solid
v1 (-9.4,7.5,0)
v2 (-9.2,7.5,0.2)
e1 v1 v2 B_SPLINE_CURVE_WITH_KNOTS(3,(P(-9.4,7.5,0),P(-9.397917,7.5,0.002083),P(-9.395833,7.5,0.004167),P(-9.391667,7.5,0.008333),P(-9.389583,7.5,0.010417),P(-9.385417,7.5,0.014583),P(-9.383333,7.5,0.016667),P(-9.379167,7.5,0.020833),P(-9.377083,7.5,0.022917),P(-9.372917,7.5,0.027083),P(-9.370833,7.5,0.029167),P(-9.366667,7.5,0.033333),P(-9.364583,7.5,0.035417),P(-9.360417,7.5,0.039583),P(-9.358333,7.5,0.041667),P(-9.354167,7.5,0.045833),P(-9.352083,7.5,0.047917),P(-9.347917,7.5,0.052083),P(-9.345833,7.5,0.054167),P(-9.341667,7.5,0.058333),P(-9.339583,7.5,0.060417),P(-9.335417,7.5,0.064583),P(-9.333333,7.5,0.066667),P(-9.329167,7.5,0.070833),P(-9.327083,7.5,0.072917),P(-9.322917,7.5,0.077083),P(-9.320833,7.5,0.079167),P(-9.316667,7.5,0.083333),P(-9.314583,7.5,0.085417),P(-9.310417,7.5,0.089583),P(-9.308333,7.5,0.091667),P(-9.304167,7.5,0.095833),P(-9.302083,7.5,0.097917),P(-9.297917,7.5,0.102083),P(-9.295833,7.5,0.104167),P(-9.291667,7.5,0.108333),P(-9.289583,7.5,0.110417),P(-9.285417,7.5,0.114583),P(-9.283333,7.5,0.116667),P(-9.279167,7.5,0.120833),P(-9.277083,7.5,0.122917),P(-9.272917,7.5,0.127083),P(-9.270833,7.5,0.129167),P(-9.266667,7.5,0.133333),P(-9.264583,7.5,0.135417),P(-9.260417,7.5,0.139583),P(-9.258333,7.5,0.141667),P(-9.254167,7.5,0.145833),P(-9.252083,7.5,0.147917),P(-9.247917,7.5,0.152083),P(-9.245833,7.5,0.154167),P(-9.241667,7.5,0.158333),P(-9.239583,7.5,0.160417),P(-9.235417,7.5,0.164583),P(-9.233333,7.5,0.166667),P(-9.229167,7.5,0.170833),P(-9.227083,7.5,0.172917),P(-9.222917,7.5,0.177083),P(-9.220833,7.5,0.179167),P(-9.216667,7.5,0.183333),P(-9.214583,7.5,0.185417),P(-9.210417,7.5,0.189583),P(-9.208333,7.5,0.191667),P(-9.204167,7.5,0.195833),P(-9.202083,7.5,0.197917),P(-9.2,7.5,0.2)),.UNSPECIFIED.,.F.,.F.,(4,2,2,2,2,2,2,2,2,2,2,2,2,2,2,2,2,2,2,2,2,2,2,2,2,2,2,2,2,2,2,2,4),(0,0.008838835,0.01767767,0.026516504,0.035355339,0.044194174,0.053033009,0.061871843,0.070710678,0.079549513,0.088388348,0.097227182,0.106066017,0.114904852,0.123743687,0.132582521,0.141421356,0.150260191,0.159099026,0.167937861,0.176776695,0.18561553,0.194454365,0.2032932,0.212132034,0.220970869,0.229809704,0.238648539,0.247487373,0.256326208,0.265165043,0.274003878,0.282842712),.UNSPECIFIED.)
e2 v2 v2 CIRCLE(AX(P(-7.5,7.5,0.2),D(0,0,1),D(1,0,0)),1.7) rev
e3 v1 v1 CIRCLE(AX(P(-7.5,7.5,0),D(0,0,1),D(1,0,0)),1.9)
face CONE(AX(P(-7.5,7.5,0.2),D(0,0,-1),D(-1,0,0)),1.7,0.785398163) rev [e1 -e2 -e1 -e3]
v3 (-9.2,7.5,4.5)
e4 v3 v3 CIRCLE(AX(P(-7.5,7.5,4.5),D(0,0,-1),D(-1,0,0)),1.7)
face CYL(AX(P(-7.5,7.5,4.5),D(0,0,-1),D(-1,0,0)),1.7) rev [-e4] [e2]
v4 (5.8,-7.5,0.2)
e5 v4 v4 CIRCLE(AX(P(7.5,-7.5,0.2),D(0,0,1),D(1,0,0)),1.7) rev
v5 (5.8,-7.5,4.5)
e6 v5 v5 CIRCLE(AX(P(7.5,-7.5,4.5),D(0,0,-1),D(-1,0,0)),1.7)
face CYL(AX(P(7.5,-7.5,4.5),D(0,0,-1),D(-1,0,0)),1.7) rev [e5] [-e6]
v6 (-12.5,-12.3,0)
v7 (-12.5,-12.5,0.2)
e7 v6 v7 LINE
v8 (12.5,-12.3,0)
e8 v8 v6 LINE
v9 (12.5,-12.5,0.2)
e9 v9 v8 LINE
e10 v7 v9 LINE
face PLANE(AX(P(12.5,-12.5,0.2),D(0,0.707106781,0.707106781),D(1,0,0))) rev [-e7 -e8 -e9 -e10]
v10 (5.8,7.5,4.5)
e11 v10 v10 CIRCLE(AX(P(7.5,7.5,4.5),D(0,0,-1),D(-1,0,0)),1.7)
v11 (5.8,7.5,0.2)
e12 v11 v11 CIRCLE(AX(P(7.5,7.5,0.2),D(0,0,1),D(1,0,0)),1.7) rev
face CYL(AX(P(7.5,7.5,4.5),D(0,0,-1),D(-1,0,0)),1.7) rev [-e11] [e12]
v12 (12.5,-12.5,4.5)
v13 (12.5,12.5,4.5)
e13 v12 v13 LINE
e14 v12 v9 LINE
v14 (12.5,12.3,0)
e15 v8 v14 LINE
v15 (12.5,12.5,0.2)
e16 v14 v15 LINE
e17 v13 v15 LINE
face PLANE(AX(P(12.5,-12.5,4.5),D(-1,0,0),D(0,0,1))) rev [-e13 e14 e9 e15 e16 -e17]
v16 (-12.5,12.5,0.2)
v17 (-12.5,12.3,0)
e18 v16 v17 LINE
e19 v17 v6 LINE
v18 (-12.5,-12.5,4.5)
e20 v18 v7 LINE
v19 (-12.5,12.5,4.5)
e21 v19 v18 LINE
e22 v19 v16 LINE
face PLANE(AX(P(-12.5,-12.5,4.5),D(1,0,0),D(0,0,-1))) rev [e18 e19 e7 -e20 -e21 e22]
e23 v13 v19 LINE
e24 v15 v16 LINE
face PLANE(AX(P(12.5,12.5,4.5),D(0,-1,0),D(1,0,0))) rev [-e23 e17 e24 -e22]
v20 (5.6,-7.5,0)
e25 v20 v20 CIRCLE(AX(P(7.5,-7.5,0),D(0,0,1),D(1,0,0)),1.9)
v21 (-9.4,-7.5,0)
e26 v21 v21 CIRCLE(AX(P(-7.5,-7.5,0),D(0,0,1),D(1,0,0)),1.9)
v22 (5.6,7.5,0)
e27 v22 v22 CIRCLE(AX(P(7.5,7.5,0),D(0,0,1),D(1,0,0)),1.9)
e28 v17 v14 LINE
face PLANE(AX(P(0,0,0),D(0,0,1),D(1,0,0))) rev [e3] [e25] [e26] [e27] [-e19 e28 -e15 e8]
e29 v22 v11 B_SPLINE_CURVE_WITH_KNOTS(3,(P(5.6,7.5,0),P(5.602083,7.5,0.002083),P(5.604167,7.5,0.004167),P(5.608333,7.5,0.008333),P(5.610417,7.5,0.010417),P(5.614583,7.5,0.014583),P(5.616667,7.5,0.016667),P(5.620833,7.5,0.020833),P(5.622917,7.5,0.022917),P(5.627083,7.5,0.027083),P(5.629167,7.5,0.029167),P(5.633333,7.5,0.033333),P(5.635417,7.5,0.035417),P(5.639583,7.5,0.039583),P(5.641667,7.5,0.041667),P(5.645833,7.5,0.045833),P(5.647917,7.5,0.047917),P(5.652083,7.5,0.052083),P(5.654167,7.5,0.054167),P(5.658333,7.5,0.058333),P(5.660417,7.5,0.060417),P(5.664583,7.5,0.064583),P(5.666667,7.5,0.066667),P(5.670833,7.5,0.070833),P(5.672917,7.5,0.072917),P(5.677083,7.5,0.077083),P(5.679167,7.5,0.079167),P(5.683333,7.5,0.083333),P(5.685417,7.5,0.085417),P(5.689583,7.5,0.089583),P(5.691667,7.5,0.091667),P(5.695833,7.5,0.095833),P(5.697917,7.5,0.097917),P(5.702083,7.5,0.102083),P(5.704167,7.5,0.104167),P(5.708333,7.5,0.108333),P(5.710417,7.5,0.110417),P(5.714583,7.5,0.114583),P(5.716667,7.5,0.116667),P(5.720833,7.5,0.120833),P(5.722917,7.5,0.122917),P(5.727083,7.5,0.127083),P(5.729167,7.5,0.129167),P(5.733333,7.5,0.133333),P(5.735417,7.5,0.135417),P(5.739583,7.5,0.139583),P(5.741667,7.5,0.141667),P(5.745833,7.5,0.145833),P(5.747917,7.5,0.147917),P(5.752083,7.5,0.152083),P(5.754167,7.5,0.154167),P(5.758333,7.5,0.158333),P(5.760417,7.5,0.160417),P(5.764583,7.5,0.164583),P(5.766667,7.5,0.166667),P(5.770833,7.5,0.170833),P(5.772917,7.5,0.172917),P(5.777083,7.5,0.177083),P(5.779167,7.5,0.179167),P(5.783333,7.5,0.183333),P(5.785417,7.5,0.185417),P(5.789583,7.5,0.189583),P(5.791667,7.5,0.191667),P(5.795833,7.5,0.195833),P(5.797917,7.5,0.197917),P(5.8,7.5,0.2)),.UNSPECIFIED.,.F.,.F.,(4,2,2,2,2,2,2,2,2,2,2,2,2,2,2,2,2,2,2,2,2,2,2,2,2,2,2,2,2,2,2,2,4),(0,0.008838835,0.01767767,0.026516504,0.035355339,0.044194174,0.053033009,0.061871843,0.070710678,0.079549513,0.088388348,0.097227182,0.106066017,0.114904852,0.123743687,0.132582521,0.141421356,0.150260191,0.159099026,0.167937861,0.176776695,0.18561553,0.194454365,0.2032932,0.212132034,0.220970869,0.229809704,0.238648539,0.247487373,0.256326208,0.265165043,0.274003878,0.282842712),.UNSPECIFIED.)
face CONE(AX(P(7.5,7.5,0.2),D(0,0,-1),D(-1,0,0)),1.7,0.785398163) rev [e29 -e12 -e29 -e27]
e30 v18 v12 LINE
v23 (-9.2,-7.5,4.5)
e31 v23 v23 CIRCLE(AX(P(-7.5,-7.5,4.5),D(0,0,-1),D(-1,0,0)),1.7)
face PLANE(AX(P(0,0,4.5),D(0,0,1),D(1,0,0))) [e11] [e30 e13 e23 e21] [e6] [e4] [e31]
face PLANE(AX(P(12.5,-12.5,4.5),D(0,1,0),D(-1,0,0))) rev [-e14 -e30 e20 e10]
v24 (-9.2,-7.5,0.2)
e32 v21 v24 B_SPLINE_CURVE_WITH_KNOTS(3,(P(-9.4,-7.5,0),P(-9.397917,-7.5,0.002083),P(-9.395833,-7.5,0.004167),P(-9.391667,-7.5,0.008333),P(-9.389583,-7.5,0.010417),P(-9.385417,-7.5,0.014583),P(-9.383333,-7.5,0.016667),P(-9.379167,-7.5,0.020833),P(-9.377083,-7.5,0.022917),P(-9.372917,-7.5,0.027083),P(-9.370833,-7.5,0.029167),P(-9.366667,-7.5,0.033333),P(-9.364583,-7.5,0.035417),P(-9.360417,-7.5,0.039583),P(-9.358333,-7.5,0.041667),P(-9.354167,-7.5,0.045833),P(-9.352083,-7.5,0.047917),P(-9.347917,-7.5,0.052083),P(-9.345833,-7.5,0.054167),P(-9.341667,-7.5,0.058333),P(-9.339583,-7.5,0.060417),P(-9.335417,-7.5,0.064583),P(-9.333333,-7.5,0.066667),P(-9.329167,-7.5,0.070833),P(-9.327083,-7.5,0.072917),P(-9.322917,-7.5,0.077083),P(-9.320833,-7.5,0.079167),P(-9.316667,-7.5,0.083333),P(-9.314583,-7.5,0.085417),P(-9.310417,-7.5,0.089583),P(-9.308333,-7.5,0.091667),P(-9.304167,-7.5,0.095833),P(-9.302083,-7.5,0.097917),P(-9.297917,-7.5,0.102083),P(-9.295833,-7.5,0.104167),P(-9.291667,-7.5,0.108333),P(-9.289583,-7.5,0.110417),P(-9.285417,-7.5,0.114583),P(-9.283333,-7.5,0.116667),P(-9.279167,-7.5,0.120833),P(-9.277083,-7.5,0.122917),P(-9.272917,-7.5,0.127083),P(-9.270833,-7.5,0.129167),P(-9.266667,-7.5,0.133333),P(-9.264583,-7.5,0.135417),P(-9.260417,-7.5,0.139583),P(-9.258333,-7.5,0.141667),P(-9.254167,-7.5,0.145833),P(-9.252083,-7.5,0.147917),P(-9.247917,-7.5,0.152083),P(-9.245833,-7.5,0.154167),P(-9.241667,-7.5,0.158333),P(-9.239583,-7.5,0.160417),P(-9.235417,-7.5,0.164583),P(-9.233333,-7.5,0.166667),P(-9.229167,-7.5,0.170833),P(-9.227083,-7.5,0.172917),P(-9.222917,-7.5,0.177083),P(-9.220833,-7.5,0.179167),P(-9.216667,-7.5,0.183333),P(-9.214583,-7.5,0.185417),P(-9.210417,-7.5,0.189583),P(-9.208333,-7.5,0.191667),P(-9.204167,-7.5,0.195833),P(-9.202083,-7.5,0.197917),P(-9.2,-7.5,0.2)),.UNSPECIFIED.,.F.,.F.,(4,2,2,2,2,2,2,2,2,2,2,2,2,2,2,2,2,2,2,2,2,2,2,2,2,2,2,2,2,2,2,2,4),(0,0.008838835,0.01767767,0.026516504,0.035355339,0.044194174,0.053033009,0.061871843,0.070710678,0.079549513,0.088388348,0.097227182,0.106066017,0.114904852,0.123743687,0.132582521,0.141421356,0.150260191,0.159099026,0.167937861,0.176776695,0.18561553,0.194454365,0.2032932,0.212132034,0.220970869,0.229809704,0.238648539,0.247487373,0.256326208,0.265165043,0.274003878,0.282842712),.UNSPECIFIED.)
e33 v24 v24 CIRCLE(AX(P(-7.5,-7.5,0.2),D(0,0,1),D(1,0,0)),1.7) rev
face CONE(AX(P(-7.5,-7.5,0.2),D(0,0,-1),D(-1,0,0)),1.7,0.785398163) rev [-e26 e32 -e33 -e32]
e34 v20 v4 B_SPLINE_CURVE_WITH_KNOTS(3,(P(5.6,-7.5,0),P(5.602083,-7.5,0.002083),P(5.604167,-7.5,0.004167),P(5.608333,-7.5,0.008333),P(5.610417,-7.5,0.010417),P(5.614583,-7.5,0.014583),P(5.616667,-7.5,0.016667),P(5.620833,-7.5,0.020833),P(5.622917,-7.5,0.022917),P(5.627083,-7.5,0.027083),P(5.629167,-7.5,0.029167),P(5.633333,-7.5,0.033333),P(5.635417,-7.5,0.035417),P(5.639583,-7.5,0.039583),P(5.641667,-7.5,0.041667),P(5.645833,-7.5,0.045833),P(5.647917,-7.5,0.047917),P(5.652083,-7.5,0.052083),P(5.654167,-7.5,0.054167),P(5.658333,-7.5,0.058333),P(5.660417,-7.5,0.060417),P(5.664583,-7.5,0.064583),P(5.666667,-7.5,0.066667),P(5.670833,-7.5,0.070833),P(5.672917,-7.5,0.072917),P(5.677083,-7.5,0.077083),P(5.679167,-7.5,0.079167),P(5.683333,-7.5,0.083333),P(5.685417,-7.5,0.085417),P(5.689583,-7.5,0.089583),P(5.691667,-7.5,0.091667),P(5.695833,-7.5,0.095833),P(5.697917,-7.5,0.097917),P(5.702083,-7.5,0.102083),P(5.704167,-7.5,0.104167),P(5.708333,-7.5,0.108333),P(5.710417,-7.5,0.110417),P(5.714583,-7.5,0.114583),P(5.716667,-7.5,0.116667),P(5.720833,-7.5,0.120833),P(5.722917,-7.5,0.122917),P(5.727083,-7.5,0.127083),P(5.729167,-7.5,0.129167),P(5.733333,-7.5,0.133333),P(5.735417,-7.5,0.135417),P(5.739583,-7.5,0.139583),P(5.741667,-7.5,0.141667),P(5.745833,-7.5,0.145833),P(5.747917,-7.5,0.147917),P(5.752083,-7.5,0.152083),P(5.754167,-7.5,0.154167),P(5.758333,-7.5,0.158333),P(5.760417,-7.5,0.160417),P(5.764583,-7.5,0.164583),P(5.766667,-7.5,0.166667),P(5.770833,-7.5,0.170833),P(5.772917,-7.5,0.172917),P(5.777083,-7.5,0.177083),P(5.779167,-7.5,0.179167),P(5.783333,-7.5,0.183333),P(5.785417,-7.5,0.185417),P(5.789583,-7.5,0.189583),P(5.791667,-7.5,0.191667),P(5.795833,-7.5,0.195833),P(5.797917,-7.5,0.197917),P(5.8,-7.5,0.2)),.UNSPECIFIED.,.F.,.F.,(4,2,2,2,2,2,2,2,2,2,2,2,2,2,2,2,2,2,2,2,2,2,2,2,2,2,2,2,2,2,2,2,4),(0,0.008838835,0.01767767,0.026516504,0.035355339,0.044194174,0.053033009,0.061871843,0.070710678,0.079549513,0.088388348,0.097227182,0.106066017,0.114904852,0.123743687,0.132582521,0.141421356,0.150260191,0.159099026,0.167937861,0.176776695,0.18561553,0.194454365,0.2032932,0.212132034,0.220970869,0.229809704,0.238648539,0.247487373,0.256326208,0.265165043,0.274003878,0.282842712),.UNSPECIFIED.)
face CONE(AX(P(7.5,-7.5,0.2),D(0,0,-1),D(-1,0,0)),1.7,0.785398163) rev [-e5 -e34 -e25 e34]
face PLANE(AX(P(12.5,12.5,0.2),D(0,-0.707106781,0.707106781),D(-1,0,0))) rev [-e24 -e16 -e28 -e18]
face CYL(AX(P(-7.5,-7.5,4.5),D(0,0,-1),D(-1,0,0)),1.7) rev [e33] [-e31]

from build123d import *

# Parameters (mm, degrees)
SKETCH_1_W                  = 25
SKETCH_1_H                  = 25
EXTRUDE_1_DEPTH             = 4.5
SKETCH_2_R                  = 1.7
CUT_EXTRUDE_1_DEPTH         = 19.241436347
PATTERN_LINEAR_1_COUNT      = 2
PATTERN_LINEAR_1_PITCH      = 15
PATTERN_LINEAR_1_COUNT_DIR2 = 2
PATTERN_LINEAR_1_PITCH_DIR2 = 15
CHAMFER_1_SIZE              = 0.2


with BuildPart() as part:
    # 草圖1 → 填料-伸長1 (new body)
    with BuildSketch(Plane.XY):
        Rectangle(SKETCH_1_W, SKETCH_1_H)
    extrude(amount=EXTRUDE_1_DEPTH)

    # 草圖2 → 除料-伸長1 (cut, through all)
    with BuildSketch(Plane(origin=(0, 0, 0), x_dir=(-1, 0, 0), z_dir=(0, 0, -1))):
        with Locations((-7.5, 7.5)):
            Circle(SKETCH_2_R)
    cut_extrude_1 = extrude(amount=-CUT_EXTRUDE_1_DEPTH, mode=Mode.SUBTRACT)

    # 直線複製排列1: Cut-Extrude 1 2 × 2
    with Locations(*[(-i * PATTERN_LINEAR_1_PITCH, -j * PATTERN_LINEAR_1_PITCH_DIR2, 0) for i in range(PATTERN_LINEAR_1_COUNT) for j in range(PATTERN_LINEAR_1_COUNT_DIR2) if (i, j) != (0, 0)]):
        add(cut_extrude_1, mode=Mode.SUBTRACT)

    # 導角1
    chamfer_1_edges = [part.edges().sort_by_distance(p)[0] for p in [
        (9.2, 7.5, 0),
        (-5.8, 7.5, 0),
        (9.2, -7.5, 0),
        (-5.8, -7.5, 0),
        (0, 12.5, 0),
        (0, -12.5, 0),
    ]]
    chamfer(chamfer_1_edges, length=CHAMFER_1_SIZE)


solid = part.part
